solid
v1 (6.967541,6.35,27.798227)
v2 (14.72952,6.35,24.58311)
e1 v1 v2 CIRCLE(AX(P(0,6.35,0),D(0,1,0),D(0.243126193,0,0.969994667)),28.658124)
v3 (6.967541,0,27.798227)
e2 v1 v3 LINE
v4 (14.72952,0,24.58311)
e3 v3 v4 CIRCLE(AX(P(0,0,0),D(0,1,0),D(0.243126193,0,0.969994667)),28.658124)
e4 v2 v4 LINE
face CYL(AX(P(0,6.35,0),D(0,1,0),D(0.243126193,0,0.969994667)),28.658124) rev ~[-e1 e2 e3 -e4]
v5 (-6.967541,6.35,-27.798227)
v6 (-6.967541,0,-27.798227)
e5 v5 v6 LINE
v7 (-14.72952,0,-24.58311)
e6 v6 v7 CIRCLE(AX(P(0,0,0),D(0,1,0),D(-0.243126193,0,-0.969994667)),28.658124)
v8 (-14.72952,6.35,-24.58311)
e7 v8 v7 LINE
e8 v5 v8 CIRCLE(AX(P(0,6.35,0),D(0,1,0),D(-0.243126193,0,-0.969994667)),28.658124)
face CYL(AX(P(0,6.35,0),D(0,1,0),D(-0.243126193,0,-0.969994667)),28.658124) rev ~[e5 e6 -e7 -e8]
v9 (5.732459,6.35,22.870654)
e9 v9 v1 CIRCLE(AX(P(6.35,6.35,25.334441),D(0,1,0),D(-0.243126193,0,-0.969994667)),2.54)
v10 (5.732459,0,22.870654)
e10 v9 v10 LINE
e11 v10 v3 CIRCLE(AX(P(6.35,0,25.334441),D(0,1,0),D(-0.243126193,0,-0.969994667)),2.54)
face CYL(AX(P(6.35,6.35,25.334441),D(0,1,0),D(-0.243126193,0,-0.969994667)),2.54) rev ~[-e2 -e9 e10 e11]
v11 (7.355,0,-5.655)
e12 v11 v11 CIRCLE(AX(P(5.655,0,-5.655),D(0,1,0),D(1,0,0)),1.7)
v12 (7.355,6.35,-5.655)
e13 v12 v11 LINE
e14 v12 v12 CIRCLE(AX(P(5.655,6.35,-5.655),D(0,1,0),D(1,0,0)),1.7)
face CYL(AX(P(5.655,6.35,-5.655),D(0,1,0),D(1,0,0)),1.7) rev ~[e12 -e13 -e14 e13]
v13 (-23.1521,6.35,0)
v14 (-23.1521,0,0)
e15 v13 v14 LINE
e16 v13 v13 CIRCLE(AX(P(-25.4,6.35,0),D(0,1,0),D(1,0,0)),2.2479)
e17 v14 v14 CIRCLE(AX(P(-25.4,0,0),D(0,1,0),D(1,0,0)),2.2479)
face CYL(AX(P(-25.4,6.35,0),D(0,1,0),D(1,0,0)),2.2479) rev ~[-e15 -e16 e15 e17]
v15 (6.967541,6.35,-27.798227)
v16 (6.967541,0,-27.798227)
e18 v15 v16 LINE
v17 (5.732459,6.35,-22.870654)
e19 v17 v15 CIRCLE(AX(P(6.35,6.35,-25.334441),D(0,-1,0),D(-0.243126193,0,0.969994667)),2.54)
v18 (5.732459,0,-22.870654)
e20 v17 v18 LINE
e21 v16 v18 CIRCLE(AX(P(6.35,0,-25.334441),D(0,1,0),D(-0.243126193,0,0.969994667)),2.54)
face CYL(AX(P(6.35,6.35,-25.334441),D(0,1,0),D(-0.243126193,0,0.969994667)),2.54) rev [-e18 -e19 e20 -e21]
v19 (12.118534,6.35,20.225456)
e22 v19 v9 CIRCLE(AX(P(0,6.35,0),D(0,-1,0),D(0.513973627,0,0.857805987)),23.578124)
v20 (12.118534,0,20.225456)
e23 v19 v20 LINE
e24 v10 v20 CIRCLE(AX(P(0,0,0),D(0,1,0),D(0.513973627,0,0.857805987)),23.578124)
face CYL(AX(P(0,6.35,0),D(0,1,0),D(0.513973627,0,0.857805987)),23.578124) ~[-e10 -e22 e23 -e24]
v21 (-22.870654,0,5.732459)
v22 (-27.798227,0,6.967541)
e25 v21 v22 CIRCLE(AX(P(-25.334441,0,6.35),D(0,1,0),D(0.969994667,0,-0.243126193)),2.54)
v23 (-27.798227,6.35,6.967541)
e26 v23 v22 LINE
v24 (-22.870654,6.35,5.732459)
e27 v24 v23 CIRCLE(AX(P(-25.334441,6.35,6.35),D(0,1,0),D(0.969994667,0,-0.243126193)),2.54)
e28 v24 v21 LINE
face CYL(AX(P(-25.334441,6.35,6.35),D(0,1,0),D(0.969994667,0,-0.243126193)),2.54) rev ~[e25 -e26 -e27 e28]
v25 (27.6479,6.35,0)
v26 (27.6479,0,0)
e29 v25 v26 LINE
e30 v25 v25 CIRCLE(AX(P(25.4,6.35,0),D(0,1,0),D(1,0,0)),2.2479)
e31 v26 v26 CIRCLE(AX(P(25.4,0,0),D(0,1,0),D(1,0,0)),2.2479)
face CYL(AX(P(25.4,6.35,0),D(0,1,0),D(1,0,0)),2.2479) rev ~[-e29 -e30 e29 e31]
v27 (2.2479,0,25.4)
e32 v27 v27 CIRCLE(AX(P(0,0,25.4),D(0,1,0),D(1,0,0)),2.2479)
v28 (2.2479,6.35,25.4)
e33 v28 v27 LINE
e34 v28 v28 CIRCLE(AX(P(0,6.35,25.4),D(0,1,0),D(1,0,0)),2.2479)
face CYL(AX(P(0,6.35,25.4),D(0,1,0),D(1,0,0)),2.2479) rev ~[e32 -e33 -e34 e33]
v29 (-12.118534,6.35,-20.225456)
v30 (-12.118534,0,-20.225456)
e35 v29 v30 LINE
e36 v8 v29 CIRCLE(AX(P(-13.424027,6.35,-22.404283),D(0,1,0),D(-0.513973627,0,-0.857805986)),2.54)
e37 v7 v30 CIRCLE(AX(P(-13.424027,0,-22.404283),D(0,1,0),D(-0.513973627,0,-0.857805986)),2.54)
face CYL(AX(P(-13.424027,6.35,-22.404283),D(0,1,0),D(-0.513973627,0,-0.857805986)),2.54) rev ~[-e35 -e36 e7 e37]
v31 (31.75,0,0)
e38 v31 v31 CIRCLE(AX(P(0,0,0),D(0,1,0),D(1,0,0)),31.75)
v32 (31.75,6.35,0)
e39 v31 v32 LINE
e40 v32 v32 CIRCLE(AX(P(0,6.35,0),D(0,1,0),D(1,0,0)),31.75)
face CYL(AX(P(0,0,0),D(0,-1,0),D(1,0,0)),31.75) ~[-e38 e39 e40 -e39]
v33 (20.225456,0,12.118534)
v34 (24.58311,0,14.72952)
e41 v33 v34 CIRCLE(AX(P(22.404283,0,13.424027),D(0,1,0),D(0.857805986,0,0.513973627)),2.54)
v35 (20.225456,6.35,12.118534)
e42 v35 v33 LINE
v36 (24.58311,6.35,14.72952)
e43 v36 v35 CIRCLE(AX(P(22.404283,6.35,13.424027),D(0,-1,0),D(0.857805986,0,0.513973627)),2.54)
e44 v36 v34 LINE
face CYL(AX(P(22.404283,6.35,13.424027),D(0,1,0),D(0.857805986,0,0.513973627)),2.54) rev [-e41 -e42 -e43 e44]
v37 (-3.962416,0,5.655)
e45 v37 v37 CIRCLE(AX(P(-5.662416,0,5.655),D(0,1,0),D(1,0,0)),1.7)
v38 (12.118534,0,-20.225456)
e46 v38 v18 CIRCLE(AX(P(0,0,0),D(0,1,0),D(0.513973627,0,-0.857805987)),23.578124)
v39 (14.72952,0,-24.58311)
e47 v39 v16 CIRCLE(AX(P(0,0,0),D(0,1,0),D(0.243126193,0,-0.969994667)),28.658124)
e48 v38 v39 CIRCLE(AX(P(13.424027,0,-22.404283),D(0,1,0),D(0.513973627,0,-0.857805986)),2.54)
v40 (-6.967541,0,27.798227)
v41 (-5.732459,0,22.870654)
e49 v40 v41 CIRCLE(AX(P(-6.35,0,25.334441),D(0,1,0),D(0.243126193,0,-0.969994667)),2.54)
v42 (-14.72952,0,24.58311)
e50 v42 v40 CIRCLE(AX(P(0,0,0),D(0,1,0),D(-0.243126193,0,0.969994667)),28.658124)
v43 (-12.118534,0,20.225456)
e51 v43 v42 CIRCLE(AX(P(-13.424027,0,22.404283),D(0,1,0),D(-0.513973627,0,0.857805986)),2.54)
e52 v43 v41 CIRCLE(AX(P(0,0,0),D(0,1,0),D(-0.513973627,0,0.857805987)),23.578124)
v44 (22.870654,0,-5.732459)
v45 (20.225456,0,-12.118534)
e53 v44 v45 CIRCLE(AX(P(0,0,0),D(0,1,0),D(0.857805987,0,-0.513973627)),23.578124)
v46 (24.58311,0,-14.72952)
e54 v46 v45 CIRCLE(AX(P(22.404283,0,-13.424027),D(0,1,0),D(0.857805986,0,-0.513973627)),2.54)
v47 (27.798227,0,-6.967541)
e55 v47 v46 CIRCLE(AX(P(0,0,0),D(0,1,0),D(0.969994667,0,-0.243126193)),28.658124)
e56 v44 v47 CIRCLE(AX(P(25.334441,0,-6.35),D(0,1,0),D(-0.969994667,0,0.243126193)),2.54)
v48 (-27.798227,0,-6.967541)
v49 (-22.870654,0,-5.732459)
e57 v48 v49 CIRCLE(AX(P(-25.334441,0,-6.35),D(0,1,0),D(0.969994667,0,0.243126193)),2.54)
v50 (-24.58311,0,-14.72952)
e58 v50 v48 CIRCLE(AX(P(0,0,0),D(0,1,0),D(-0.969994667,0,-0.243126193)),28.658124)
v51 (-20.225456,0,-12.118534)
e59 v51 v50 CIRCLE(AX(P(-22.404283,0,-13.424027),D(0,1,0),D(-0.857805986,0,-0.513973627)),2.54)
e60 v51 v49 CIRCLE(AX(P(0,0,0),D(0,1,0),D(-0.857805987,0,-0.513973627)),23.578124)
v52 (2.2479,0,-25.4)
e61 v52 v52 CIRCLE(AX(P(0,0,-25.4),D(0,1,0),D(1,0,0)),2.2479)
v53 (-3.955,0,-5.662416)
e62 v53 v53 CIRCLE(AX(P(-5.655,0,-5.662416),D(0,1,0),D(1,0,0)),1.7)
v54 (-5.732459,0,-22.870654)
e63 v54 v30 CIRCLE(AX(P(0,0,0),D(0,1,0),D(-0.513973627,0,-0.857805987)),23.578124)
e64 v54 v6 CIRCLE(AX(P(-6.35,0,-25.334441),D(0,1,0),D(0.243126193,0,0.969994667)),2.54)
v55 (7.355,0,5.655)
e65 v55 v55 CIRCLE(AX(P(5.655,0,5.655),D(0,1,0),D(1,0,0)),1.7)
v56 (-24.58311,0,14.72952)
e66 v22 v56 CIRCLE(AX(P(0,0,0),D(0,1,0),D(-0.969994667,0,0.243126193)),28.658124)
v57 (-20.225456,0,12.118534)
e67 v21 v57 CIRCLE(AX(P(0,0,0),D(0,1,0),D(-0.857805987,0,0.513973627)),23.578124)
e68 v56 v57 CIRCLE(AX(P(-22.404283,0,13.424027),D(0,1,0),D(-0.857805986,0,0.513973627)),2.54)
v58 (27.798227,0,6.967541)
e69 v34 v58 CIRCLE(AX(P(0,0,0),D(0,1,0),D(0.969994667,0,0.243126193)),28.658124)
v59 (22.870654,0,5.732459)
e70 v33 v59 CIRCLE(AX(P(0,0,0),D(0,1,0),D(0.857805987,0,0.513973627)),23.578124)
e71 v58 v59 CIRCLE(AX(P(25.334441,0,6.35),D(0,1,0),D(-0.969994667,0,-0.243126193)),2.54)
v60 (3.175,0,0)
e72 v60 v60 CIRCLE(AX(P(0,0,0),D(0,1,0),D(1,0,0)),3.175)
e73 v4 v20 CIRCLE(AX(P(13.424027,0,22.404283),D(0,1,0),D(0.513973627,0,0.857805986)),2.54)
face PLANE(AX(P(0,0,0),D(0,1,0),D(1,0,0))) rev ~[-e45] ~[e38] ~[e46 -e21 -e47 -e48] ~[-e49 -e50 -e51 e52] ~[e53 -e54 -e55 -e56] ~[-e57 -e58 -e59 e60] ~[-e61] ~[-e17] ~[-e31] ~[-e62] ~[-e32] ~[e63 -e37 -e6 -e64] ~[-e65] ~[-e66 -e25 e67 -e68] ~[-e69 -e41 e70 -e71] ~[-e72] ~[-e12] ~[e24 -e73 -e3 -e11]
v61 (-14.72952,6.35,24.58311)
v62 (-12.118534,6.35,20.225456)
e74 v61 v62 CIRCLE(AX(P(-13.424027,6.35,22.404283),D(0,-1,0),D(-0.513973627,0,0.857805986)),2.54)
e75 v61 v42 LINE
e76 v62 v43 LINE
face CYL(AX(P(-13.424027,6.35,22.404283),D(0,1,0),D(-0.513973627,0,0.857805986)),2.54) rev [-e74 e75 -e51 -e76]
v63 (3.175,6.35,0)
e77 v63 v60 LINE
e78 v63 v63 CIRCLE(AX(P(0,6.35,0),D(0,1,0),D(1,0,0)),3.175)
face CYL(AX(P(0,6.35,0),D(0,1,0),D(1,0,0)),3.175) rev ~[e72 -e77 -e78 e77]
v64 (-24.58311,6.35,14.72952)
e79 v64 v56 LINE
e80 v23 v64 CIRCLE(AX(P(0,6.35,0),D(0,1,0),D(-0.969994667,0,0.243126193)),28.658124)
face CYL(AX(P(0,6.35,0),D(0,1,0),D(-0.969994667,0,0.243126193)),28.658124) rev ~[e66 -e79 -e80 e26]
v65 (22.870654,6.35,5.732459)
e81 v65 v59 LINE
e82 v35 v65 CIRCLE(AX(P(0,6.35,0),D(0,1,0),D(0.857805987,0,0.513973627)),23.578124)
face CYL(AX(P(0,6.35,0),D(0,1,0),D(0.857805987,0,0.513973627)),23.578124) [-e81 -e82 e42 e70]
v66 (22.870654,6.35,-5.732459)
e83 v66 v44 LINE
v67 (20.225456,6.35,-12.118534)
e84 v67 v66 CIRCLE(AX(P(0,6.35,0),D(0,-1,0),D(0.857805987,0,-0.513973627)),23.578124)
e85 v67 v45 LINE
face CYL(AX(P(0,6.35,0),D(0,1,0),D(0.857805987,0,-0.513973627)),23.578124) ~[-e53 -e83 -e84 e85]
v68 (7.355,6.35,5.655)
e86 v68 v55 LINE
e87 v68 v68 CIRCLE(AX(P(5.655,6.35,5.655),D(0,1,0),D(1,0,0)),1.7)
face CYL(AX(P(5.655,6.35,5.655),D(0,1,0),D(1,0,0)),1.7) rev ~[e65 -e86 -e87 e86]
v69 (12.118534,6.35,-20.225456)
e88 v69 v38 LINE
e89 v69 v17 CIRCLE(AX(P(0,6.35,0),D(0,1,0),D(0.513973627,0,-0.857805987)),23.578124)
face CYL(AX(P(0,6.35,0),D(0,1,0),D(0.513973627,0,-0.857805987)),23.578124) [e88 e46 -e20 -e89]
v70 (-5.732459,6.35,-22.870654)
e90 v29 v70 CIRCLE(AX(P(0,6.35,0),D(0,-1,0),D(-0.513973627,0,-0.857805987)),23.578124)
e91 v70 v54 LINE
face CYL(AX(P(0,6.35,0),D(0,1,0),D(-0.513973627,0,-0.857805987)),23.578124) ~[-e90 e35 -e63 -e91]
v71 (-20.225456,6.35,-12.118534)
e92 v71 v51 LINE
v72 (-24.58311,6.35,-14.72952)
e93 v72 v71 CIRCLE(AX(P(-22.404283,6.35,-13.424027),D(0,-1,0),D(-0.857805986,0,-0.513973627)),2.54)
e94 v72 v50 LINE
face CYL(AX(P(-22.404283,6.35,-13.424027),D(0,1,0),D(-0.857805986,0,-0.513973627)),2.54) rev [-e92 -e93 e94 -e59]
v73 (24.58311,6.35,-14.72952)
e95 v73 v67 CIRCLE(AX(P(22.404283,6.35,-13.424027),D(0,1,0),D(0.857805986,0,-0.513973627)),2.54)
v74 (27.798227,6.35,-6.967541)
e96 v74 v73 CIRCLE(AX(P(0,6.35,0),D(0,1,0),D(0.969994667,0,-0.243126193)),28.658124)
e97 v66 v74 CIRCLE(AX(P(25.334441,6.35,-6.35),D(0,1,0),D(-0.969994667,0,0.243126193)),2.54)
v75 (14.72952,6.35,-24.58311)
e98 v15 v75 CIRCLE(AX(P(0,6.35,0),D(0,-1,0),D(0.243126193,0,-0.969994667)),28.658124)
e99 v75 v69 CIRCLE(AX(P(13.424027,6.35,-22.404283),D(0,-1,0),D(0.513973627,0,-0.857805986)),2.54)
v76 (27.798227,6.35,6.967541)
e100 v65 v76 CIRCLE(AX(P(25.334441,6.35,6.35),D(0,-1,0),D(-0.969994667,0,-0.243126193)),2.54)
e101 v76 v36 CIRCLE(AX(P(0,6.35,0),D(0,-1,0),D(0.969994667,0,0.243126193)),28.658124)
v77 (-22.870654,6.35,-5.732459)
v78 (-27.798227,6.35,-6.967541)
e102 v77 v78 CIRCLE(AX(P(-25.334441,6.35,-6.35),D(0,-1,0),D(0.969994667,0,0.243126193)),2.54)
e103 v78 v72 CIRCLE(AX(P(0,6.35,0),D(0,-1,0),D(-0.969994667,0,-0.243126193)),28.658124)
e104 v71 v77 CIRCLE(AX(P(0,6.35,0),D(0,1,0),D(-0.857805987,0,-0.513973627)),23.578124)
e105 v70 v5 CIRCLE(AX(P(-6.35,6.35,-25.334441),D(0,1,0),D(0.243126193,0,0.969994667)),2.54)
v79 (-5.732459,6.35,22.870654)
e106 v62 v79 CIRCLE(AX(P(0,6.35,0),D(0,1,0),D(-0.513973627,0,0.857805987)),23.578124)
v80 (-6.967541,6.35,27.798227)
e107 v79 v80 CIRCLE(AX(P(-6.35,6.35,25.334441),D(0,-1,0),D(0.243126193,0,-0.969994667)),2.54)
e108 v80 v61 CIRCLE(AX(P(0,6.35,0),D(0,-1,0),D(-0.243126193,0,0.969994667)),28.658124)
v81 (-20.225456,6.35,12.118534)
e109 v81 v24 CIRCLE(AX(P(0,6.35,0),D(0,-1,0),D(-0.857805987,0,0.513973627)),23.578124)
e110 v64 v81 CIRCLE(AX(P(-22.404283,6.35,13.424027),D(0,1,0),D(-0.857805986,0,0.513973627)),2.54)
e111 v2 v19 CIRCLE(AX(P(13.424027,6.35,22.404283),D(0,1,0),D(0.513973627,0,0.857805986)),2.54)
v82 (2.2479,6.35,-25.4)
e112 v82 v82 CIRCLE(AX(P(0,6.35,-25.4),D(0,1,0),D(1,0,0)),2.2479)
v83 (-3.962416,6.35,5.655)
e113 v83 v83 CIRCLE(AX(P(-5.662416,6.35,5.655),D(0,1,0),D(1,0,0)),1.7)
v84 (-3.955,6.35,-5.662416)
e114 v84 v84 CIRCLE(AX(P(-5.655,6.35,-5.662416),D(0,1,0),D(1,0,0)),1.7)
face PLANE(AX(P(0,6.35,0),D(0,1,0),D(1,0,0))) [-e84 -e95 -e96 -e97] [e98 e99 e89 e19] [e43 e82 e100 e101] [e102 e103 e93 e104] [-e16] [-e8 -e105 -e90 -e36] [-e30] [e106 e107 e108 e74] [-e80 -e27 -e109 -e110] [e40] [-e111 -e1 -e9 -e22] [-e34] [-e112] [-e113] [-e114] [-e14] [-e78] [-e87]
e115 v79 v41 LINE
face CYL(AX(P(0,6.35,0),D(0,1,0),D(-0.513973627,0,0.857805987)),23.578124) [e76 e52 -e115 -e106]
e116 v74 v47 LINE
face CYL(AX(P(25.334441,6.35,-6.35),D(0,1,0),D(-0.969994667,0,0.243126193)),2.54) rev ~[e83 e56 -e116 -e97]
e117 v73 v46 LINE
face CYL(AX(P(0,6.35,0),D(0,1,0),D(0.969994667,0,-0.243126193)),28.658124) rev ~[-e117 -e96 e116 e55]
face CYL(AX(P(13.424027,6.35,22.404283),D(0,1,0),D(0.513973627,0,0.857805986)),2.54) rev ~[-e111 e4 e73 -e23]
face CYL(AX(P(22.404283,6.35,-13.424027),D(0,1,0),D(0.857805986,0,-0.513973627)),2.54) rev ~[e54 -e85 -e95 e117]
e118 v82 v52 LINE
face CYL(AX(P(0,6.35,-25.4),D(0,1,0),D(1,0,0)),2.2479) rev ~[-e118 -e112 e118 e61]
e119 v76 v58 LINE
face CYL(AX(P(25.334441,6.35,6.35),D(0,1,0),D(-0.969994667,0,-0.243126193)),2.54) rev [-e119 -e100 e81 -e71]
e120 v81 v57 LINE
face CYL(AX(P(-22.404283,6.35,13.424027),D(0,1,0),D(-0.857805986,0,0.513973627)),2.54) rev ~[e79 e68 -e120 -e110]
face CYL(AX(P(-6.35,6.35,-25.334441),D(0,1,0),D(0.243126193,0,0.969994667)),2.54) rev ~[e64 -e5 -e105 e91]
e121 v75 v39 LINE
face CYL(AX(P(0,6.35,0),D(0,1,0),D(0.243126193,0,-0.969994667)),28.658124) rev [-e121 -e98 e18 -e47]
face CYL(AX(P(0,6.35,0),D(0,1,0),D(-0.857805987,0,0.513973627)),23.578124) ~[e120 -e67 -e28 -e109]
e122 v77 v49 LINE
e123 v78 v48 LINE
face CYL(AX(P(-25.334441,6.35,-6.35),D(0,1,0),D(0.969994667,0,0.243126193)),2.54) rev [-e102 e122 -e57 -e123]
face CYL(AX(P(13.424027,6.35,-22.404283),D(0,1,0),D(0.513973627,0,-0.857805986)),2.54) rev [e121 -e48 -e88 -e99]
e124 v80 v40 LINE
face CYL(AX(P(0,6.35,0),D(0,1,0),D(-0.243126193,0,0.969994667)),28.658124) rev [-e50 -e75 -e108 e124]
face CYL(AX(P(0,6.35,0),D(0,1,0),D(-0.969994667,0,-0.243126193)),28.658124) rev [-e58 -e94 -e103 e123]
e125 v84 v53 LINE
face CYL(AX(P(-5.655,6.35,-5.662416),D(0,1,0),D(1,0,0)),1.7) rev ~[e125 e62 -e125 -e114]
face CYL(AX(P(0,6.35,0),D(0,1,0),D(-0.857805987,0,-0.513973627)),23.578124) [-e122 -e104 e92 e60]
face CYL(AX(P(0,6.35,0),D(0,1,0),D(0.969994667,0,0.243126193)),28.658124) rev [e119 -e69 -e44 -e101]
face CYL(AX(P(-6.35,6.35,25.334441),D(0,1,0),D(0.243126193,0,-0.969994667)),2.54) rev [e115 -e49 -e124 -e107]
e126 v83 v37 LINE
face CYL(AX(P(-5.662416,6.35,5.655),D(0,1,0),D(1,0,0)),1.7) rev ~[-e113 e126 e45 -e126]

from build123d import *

# Parameters (mm, degrees)
SKETCH1_R           = 31.75
BOSS_EXTRUDE1_DEPTH = 6.35
SKETCH2_R           = 3.175
SKETCH2_R_2         = 1.7
CUT_EXTRUDE1_DEPTH  = 7.35
CUT_EXTRUDE2_DEPTH  = 7.35
SKETCH4_R           = 2.2479
CUT_EXTRUDE3_DEPTH  = 7.35


with BuildPart() as part:
    # Sketch1 → Boss-Extrude1 (new body)
    with BuildSketch(Plane(origin=(0, 0, 0), x_dir=(1, 0, 0), z_dir=(0, 1, 0))):
        Circle(SKETCH1_R)
    extrude(amount=BOSS_EXTRUDE1_DEPTH)

    # Sketch2 → Cut-Extrude1 (cut, through all)
    with BuildSketch(Plane(origin=(0, 6.35, 0), x_dir=(1, 0, 0), z_dir=(0, 1, 0))):
        Circle(SKETCH2_R)
        with Locations((-5.655, 5.662415783)):
            Circle(SKETCH2_R_2)
        with Locations((5.655, 5.655)):
            Circle(SKETCH2_R_2)
        with Locations((5.655, -5.655)):
            Circle(SKETCH2_R_2)
        with Locations((-5.662415783, -5.655)):
            Circle(SKETCH2_R_2)
    extrude(amount=-CUT_EXTRUDE1_DEPTH, mode=Mode.SUBTRACT)

    # Sketch3 → Cut-Extrude2 (cut, through all)
    with BuildSketch(Plane(origin=(0, 6.35, 0), x_dir=(1, 0, 0), z_dir=(0, 1, 0))):
        with BuildLine():
            ThreePointArc((-6.96754053, 27.798227251), (-10.966989178, 26.476654013), (-14.729519838, 24.583110151))
            ThreePointArc((-14.729519838, 24.583110151), (-15.60285403, 21.098789932), (-12.118533811, 20.22545574))
            ThreePointArc((-12.118533811, 20.22545574), (-9.022957342, 21.783345987), (-5.73245947, 22.870654342))
            ThreePointArc((-5.73245947, 22.870654342), (-3.886213545, 25.951981326), (-6.96754053, 27.798227251))
        make_face()
        with BuildLine():
            ThreePointArc((-27.798227251, 6.96754053), (-26.476654013, 10.966989178), (-24.583110151, 14.729519838))
            ThreePointArc((-24.583110151, 14.729519838), (-21.098789932, 15.60285403), (-20.22545574, 12.118533811))
            ThreePointArc((-20.22545574, 12.118533811), (-21.783345987, 9.022957342), (-22.870654342, 5.73245947))
            ThreePointArc((-22.870654342, 5.73245947), (-25.951981326, 3.886213545), (-27.798227251, 6.96754053))
        make_face()
        with BuildLine():
            ThreePointArc((-27.798227251, -6.96754053), (-26.476654013, -10.966989178), (-24.583110151, -14.729519838))
            ThreePointArc((-24.583110151, -14.729519838), (-21.098789932, -15.60285403), (-20.22545574, -12.118533811))
            ThreePointArc((-20.22545574, -12.118533811), (-21.783345987, -9.022957342), (-22.870654342, -5.73245947))
            ThreePointArc((-22.870654342, -5.73245947), (-25.951981326, -3.886213545), (-27.798227251, -6.96754053))
        make_face()
        with BuildLine():
            ThreePointArc((-6.96754053, -27.798227251), (-10.966989178, -26.476654013), (-14.729519838, -24.583110151))
            ThreePointArc((-14.729519838, -24.583110151), (-15.60285403, -21.098789932), (-12.118533811, -20.22545574))
            ThreePointArc((-12.118533811, -20.22545574), (-9.022957342, -21.783345987), (-5.73245947, -22.870654342))
            ThreePointArc((-5.73245947, -22.870654342), (-3.886213545, -25.951981326), (-6.96754053, -27.798227251))
        make_face()
        with BuildLine():
            ThreePointArc((6.96754053, -27.798227251), (10.966989178, -26.476654013), (14.729519838, -24.583110151))
            ThreePointArc((14.729519838, -24.583110151), (15.60285403, -21.098789932), (12.118533811, -20.22545574))
            ThreePointArc((12.118533811, -20.22545574), (9.022957342, -21.783345987), (5.73245947, -22.870654342))
            ThreePointArc((5.73245947, -22.870654342), (3.886213545, -25.951981326), (6.96754053, -27.798227251))
        make_face()
        with BuildLine():
            ThreePointArc((27.798227251, -6.96754053), (26.476654013, -10.966989178), (24.583110151, -14.729519838))
            ThreePointArc((24.583110151, -14.729519838), (21.098789932, -15.60285403), (20.22545574, -12.118533811))
            ThreePointArc((20.22545574, -12.118533811), (21.783345987, -9.022957342), (22.870654342, -5.73245947))
            ThreePointArc((22.870654342, -5.73245947), (25.951981326, -3.886213545), (27.798227251, -6.96754053))
        make_face()
        with BuildLine():
            ThreePointArc((27.798227251, 6.96754053), (26.476654013, 10.966989178), (24.583110151, 14.729519838))
            ThreePointArc((24.583110151, 14.729519838), (21.098789932, 15.60285403), (20.22545574, 12.118533811))
            ThreePointArc((20.22545574, 12.118533811), (21.783345987, 9.022957342), (22.870654342, 5.73245947))
            ThreePointArc((22.870654342, 5.73245947), (25.951981326, 3.886213545), (27.798227251, 6.96754053))
        make_face()
        with BuildLine():
            ThreePointArc((6.96754053, 27.798227251), (10.966989178, 26.476654013), (14.729519838, 24.583110151))
            ThreePointArc((14.729519838, 24.583110151), (15.60285403, 21.098789932), (12.118533811, 20.22545574))
            ThreePointArc((12.118533811, 20.22545574), (9.022957342, 21.783345987), (5.73245947, 22.870654342))
            ThreePointArc((5.73245947, 22.870654342), (3.886213545, 25.951981326), (6.96754053, 27.798227251))
        make_face()
    extrude(amount=-CUT_EXTRUDE2_DEPTH, mode=Mode.SUBTRACT)

    # Sketch4 → Cut-Extrude3 (cut, through all)
    with BuildSketch(Plane(origin=(0, 6.35, 0), x_dir=(1, 0, 0), z_dir=(0, 1, 0))):
        with Locations((0, -25.4)):
            Circle(SKETCH4_R)
        with Locations((25.4, 0)):
            Circle(SKETCH4_R)
        with Locations((-25.4, 0)):
            Circle(SKETCH4_R)
        with Locations((0, 25.4)):
            Circle(SKETCH4_R)
    extrude(amount=-CUT_EXTRUDE3_DEPTH, mode=Mode.SUBTRACT)


solid = part.part
